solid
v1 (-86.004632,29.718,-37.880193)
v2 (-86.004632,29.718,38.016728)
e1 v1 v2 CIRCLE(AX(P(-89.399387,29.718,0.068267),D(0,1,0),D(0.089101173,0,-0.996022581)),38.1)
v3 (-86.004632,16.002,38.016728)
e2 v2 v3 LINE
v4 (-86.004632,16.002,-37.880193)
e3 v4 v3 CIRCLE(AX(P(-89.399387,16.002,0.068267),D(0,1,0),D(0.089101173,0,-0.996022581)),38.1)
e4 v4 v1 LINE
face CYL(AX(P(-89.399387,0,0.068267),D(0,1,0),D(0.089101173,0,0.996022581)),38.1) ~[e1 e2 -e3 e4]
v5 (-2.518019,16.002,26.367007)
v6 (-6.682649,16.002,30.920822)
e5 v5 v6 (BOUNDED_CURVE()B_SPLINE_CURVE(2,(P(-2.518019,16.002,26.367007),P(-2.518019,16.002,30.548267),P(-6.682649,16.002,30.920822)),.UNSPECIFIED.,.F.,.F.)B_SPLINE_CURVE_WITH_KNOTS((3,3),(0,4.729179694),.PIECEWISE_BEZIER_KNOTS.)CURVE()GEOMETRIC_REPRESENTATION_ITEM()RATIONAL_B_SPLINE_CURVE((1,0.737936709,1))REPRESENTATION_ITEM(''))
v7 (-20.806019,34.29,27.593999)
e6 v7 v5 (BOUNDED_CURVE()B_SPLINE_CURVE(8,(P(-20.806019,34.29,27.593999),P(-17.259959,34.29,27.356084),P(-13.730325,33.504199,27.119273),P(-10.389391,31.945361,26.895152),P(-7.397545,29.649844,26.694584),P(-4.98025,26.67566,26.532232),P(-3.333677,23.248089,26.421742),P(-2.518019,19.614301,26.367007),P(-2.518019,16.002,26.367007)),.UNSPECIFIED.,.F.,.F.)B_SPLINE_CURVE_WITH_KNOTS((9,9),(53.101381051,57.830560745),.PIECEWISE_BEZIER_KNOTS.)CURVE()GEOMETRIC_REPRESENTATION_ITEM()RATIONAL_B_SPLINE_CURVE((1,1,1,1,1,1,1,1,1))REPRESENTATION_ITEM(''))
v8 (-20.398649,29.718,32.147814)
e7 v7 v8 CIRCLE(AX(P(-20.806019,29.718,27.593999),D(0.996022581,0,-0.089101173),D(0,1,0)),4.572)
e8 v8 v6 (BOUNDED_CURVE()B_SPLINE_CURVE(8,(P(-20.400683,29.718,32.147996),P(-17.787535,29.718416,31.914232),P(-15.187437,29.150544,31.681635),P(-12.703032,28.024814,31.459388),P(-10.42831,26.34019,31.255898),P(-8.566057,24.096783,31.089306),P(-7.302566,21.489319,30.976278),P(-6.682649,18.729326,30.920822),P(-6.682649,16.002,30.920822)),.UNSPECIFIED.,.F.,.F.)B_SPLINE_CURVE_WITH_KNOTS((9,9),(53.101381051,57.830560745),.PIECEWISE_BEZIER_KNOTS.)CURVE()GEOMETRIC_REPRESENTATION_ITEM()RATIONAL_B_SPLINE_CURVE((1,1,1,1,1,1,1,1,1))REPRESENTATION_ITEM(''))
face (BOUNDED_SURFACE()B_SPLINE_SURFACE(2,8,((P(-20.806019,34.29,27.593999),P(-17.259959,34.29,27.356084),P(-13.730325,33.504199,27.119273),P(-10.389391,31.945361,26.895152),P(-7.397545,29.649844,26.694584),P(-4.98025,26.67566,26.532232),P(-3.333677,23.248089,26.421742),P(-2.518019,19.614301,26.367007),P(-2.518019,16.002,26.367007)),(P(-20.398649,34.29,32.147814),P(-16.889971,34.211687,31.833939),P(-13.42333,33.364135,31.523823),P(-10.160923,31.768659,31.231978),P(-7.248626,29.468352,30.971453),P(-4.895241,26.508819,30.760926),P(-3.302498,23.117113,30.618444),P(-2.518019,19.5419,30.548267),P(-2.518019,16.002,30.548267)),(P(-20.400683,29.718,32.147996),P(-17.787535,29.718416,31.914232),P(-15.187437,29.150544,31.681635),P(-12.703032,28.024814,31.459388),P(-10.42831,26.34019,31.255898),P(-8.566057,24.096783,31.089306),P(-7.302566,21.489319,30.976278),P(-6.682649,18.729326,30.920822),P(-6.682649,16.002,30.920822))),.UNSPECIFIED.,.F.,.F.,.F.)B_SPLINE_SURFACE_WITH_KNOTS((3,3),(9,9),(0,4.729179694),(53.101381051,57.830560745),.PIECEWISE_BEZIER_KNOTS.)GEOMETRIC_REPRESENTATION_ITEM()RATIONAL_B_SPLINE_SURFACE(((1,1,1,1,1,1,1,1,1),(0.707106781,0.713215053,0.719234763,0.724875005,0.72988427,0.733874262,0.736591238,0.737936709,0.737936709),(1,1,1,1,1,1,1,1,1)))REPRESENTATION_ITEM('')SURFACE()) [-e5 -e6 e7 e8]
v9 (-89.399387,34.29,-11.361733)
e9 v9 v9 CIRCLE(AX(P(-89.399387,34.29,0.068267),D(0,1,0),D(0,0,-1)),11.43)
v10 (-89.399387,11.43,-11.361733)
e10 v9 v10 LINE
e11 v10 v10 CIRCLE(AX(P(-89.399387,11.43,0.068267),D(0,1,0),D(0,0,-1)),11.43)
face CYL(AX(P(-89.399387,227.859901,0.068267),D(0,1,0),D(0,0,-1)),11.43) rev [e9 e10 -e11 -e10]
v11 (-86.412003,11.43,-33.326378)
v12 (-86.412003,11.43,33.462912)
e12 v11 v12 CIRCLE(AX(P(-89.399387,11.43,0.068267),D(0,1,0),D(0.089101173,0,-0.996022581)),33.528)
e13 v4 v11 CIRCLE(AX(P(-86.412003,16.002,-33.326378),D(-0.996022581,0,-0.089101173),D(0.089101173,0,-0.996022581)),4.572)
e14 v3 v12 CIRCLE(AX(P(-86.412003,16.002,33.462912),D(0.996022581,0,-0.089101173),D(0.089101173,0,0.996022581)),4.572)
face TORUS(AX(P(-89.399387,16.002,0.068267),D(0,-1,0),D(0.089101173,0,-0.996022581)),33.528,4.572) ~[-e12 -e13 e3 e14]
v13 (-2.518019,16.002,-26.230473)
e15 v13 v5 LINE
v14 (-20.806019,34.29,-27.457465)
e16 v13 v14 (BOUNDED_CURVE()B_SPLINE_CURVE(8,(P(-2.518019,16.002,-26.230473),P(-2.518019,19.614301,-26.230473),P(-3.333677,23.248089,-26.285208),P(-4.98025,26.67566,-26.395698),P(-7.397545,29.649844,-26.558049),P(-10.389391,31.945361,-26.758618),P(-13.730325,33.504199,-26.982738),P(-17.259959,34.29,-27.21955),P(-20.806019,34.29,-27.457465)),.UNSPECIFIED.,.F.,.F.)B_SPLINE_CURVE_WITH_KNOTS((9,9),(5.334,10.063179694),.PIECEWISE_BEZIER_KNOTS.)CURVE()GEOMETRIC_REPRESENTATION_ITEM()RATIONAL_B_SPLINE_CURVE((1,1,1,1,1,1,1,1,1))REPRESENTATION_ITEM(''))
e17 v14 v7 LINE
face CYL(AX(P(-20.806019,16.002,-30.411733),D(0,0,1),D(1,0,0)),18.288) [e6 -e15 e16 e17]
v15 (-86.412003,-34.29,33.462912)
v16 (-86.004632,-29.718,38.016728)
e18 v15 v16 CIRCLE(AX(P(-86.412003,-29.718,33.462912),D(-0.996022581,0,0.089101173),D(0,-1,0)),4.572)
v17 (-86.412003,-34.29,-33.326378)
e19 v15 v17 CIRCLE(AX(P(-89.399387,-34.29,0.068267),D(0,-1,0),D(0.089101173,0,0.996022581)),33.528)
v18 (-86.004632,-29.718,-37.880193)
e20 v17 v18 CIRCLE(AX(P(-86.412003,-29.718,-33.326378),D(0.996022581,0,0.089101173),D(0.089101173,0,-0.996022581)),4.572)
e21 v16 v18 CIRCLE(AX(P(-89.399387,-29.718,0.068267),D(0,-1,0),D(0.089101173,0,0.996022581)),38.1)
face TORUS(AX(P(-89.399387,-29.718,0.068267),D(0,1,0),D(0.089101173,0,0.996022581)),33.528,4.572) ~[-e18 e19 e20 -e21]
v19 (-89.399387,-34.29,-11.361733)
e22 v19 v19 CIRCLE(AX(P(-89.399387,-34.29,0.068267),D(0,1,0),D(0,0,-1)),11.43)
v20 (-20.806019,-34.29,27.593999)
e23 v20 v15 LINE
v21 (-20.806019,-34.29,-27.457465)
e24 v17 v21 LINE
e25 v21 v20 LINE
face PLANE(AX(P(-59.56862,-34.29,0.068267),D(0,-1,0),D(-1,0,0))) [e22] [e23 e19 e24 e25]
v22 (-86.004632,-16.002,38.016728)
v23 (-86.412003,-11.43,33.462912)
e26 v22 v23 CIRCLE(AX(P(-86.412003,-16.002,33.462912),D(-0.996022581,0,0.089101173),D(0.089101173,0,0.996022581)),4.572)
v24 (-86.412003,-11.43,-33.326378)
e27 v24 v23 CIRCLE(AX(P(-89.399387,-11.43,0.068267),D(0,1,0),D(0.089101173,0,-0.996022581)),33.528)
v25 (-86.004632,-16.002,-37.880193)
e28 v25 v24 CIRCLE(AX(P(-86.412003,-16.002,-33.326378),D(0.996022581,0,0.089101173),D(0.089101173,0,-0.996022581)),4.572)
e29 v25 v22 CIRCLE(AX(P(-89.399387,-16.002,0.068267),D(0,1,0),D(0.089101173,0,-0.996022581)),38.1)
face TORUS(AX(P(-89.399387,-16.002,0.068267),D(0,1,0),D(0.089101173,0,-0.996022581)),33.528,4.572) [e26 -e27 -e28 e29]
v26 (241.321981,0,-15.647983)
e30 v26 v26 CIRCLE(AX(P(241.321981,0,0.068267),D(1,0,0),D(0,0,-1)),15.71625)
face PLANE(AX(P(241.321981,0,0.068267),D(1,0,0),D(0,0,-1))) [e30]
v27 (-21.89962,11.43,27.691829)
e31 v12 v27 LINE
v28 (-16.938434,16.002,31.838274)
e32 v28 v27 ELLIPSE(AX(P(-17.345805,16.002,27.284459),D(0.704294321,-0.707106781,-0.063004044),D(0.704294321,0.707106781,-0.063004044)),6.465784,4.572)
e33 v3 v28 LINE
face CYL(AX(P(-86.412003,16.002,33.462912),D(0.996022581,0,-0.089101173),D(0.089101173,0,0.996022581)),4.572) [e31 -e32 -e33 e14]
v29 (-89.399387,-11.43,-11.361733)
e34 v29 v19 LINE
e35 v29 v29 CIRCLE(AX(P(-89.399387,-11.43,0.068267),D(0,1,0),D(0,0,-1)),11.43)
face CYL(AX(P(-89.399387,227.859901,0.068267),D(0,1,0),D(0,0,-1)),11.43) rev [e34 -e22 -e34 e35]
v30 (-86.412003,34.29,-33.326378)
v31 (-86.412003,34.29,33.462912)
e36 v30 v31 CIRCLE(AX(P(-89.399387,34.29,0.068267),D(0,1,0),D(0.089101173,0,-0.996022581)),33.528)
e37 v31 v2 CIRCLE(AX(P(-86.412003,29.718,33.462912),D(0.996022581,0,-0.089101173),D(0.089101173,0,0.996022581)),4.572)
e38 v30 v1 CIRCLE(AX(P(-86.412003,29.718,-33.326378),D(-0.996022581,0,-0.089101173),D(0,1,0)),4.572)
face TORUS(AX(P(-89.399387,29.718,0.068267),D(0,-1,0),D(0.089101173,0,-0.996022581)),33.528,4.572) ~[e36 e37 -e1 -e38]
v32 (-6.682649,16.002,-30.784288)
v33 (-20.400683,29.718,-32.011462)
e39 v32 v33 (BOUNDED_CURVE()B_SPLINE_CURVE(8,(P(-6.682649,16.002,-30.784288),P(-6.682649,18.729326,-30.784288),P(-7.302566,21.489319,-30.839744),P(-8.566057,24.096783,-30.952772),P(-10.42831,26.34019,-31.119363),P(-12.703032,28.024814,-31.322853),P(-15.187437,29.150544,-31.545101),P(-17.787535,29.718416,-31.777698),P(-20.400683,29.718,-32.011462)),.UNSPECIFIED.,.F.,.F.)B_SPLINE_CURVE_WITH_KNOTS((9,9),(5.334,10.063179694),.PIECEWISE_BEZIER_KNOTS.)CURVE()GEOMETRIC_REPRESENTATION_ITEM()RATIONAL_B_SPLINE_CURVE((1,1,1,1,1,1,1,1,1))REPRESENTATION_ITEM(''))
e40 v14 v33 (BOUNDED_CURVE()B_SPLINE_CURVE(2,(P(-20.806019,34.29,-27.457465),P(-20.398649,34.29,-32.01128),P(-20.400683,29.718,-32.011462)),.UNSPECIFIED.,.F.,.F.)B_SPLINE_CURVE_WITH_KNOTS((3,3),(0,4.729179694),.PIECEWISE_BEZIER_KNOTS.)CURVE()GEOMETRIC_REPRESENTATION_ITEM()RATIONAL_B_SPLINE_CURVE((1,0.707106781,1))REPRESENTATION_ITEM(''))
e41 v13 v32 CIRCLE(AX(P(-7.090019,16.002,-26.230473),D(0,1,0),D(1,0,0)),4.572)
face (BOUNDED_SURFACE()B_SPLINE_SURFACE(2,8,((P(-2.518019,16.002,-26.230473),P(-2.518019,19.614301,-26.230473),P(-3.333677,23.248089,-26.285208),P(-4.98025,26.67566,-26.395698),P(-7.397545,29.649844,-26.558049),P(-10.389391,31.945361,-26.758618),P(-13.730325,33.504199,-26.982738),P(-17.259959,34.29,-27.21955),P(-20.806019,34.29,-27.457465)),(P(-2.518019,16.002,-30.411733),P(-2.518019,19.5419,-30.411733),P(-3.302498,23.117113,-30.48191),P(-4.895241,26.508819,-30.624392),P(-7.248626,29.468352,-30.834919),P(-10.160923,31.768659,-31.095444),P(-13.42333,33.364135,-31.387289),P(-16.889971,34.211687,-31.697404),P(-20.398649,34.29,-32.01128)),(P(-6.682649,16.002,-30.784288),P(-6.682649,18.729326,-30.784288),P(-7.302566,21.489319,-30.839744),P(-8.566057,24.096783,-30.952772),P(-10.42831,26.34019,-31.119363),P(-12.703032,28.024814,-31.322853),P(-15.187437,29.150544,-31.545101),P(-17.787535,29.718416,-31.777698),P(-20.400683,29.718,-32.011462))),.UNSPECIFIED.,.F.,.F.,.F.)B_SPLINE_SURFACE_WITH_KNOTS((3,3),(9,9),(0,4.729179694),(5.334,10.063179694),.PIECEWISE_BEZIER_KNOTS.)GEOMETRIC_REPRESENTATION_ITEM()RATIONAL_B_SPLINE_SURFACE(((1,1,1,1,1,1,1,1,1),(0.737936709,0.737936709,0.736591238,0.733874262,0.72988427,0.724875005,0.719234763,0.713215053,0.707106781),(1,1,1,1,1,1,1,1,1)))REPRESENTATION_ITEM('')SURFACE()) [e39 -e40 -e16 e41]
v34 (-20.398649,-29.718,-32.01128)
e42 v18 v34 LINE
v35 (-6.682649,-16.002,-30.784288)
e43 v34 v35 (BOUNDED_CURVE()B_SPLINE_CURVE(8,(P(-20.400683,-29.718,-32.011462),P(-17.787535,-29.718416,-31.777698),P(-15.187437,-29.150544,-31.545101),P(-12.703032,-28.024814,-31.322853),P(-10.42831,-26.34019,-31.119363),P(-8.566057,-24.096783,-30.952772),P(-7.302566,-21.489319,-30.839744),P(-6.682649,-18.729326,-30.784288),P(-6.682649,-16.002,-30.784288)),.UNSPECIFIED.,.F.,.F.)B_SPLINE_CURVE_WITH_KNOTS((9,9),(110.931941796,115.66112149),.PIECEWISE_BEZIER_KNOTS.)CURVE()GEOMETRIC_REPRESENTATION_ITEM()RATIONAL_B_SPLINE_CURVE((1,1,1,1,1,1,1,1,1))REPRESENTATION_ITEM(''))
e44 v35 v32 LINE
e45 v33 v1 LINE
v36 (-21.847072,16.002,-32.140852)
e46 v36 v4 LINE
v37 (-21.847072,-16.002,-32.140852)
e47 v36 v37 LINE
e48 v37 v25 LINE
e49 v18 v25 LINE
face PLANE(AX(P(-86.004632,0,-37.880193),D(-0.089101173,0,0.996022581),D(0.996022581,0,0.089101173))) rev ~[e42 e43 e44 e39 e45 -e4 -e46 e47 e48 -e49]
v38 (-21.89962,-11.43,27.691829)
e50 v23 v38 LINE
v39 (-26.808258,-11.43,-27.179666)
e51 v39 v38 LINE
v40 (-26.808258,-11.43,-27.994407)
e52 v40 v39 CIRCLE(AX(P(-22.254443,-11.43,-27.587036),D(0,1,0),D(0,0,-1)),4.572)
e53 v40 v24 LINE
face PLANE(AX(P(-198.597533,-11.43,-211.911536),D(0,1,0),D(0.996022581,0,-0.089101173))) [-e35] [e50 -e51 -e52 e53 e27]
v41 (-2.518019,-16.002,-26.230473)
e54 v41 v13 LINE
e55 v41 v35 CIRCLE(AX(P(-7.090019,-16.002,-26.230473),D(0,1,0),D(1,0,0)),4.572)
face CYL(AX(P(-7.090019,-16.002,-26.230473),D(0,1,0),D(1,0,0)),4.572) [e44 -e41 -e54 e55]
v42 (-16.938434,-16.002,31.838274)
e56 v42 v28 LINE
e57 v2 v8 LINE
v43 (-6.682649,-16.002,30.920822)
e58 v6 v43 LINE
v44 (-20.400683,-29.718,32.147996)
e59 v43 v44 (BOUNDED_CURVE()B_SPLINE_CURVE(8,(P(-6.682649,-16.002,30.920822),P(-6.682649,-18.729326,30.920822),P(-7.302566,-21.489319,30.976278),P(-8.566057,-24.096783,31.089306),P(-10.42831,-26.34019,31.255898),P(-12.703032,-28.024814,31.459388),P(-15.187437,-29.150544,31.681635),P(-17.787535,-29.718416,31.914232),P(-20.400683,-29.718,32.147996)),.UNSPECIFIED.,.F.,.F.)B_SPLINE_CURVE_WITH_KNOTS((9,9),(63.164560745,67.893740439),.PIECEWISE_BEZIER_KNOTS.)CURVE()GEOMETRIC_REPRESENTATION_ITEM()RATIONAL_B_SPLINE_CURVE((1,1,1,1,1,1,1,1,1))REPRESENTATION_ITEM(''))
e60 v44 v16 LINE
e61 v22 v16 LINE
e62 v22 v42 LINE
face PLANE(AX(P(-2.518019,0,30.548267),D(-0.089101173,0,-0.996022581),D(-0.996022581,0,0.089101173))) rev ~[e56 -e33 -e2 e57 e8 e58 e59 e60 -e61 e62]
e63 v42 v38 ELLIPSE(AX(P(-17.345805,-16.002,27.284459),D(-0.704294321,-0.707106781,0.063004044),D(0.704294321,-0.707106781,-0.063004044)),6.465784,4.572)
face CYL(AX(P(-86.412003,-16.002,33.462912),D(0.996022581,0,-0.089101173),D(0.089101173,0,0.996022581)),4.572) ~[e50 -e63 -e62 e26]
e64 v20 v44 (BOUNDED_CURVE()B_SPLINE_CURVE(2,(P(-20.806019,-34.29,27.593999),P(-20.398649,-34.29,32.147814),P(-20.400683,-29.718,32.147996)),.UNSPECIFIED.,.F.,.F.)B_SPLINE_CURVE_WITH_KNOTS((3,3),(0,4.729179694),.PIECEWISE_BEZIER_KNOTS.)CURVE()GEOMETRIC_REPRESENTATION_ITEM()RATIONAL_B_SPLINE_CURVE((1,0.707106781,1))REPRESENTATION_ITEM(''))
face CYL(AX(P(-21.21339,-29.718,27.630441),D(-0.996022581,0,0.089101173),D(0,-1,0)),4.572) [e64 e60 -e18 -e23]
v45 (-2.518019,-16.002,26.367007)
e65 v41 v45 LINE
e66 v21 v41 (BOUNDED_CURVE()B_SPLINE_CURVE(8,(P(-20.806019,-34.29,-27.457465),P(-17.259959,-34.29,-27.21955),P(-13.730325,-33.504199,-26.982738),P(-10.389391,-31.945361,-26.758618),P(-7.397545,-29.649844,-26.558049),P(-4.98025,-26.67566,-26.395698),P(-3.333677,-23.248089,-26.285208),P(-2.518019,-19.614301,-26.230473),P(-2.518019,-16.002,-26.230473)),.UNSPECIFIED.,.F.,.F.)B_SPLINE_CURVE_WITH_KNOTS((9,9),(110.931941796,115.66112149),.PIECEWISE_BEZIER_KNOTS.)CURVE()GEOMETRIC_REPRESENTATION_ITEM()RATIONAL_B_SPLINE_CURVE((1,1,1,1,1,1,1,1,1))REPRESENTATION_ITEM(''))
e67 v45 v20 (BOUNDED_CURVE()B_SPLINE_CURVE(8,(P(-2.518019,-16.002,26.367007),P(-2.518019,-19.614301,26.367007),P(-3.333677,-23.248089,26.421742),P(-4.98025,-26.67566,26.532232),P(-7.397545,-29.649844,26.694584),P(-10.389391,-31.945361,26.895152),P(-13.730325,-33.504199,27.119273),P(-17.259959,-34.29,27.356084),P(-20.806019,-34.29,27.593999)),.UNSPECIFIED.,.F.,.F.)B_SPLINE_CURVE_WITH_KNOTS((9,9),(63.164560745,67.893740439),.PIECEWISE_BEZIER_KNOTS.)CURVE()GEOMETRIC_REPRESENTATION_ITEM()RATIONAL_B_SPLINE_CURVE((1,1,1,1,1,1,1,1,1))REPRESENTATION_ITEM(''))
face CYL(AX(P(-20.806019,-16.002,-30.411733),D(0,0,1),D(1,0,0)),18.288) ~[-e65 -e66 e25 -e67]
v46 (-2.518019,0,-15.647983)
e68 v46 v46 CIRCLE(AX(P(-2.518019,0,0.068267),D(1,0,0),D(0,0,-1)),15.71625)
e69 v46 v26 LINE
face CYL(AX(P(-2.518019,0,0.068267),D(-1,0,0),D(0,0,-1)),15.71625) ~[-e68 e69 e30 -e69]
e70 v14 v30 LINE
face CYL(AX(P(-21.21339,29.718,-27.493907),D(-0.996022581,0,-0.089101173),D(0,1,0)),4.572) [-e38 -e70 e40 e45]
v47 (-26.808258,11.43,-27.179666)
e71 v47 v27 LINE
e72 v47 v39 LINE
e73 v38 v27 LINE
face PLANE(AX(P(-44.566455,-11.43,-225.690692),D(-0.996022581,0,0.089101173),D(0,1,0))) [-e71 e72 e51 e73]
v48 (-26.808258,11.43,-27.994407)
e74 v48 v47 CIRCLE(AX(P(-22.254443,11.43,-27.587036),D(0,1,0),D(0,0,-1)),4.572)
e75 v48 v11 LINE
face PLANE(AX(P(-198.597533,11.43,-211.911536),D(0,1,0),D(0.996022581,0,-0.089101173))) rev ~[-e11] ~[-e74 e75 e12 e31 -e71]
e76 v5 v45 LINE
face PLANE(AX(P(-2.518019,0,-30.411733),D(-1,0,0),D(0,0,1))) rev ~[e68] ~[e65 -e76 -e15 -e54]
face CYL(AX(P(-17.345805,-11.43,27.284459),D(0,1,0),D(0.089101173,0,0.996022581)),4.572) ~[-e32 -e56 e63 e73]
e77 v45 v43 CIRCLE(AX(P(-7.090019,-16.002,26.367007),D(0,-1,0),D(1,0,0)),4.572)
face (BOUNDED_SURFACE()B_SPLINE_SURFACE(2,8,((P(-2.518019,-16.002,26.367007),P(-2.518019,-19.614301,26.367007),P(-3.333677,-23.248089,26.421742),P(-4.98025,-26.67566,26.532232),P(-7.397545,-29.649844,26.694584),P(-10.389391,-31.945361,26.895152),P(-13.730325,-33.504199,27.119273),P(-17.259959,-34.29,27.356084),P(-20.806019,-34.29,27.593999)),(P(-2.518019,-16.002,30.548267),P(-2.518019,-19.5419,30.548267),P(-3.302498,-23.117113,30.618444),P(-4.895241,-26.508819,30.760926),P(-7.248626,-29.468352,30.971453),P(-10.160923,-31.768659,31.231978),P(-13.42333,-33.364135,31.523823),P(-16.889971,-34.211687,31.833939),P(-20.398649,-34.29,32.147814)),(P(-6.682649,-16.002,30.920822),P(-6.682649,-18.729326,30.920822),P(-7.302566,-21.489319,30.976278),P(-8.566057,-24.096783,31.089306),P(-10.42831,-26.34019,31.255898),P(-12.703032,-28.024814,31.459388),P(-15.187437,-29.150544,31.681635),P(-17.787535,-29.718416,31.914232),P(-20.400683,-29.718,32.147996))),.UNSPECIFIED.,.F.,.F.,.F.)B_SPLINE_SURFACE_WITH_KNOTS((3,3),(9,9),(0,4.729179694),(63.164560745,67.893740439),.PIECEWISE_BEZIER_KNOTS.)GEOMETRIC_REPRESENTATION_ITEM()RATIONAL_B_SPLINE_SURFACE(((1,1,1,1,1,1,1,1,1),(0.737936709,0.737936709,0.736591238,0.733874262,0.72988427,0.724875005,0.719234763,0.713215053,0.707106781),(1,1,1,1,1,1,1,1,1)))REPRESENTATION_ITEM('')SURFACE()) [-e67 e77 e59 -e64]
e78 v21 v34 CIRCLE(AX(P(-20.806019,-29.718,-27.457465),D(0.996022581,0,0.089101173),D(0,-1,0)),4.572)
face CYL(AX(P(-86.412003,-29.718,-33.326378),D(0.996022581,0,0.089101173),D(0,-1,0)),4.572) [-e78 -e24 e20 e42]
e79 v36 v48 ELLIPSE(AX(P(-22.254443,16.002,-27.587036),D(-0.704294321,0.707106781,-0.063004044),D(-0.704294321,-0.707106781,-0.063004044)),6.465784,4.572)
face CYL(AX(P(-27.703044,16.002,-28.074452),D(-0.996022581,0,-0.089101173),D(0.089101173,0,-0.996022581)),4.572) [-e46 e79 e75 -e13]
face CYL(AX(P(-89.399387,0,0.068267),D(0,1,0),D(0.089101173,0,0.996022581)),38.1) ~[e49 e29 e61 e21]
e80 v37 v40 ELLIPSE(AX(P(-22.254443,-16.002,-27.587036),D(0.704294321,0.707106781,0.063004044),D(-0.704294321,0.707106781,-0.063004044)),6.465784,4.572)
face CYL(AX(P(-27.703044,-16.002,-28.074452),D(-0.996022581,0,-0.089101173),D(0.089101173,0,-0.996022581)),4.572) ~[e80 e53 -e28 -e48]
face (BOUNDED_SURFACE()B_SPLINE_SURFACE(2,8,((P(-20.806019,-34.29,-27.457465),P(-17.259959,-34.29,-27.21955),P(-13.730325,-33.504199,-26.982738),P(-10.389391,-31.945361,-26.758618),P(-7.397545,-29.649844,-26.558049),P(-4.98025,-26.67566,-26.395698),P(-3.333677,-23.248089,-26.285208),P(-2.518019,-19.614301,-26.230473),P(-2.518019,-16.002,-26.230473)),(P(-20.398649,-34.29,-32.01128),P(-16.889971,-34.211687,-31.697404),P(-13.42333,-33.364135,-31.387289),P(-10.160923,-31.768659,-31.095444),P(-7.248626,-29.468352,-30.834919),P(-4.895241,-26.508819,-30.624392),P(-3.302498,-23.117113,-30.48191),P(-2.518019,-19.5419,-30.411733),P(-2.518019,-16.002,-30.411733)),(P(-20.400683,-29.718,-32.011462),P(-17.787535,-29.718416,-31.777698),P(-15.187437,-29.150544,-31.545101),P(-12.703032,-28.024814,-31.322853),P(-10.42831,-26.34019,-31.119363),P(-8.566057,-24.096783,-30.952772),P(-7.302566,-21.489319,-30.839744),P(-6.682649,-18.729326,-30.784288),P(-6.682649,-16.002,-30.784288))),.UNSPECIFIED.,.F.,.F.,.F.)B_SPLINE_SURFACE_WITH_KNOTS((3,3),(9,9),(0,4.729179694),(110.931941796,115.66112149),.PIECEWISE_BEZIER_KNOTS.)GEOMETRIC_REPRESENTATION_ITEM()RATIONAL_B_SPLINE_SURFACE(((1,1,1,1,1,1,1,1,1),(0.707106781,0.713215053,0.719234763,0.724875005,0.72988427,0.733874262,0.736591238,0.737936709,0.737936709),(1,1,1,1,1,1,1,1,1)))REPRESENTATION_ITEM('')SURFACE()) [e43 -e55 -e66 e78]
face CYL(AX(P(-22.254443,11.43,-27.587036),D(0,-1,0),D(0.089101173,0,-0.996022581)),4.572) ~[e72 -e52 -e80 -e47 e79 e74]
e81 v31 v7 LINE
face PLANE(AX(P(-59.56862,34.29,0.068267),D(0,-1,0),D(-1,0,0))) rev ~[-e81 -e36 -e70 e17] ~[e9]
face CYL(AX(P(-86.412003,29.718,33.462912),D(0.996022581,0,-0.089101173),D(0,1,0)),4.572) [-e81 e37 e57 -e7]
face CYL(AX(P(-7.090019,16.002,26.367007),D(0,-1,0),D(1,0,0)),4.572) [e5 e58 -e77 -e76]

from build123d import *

# Parameters (mm, degrees)
SKETCH4_R               = 2.619375
BOSS_EXTRUDE2_DEPTH     = 40.64
BOSS_EXTRUDE4_DEPTH     = 5.715
CUT_EXTRUDE2_DEPTH      = 43.16105899
CUT_EXTRUDE2_DEPTH_BACK = 43.16105899
SKETCH16_W              = 25.774361669
SKETCH16_H              = 3.81
CUT_EXTRUDE3_DEPTH      = 43.691650237
CUT_EXTRUDE3_DEPTH_BACK = 43.691650237
SKETCH17_R              = 1.905
FILLET1_R               = 3.048
FILLET2_R               = 0.762
SCALE1_SCALE            = 6


with BuildPart() as part:
    # Sketch4 → Boss-Extrude2 (new body)
    with BuildSketch(Plane(origin=(0, 0, 0), x_dir=(0, 0, -1), z_dir=(1, 0, 0))):
        Circle(SKETCH4_R)
    extrude(amount=BOSS_EXTRUDE2_DEPTH)

    # Sketch13 → Boss-Extrude4 (add, symmetric)
    with BuildSketch(Plane(origin=(0, 0, 0), x_dir=(1, 0, 0), z_dir=(0, 1, 0))):
        with BuildLine():
            Line((0, 5.08), (0, -5.08))
            Line((0, -5.08), (-13.91443545, -6.324743387))
            ThreePointArc((-13.91443545, -6.324743387), (-20.830227899, 0), (-13.91443545, 6.324743387))
            Line((-13.91443545, 6.324743387), (0, 5.08))
        make_face()
    extrude(amount=BOSS_EXTRUDE4_DEPTH, both=True)

    # Sketch16 → Cut-Extrude2 (cut, two sides: drawn at the far end of the back side and taken through both)
    with BuildSketch(Plane(origin=(0.450833644, 0, 5.039669783), x_dir=(0.996022580554145, 0, -0.08910117297915686), z_dir=(0.08910117297915686, 0, 0.996022580554145)).offset(-CUT_EXTRUDE2_DEPTH_BACK)):
        with Locations((-16.514814794, 0)):
            Rectangle(SKETCH16_W, SKETCH16_H)
    extrude(amount=CUT_EXTRUDE2_DEPTH + CUT_EXTRUDE2_DEPTH_BACK, mode=Mode.SUBTRACT)

    # Sketch17 → Cut-Extrude3 (cut, two sides: drawn at the far end of the back side and taken through both)
    with BuildSketch(Plane.XZ.offset(5.715).offset(-CUT_EXTRUDE3_DEPTH_BACK)):
        with Locations(Location((-14.480227899, 0, 0), (0, 0, 270))):
            Circle(SKETCH17_R)
    extrude(amount=CUT_EXTRUDE3_DEPTH + CUT_EXTRUDE3_DEPTH_BACK, mode=Mode.SUBTRACT)

    # Fillet1
    fillet1_edges = [part.edges().sort_by_distance(p)[0] for p in [
        (0, -5.715, 0),
        (0, 5.715, 0),
    ]]
    fillet(fillet1_edges, radius=FILLET1_R)

    # Fillet2
    fillet2_edges = [part.edges().sort_by_distance(p)[0] for p in [
        (-8.538403572, -1.905, 5.843819805),
        (-3.162371693, 0, 5.362896224),
        (-8.538403572, 1.905, 5.843819805),
        (-9.02202226, 1.905, -5.887082873),
        (-20.830227899, 1.905, 0),
        (-4.12960907, 0, -5.44942236),
        (-20.830227899, -1.905, 0),
        (-9.02202226, -1.905, -5.887082873),
        (0, 0, -5.08),
        (0, 0, 5.08),
        (-8.481217725, 5.715, -5.838704132),
        (-8.481217725, -5.715, -5.838704132),
        (-0.894886956, 4.824407754, -5.160053885),
        (-0.894886956, -4.824407754, -5.160053885),
        (-0.894886956, 4.824407754, 5.160053885),
        (-0.894886956, -4.824407754, 5.160053885),
        (-20.830227899, -5.715, 0),
        (-8.481217725, -5.715, 5.838704132),
        (-20.830227899, 5.715, 0),
        (-8.481217725, 5.715, 5.838704132),
    ]]
    fillet(fillet2_edges, radius=FILLET2_R)


with BuildPart() as part_1:
    # Scale1: scaled about (0.503603853, 0, -0.013653442)
    add(part.part.scale(SCALE1_SCALE).moved(Location((-2.518019265, 0, 0.06826721))))


solid = part_1.part
